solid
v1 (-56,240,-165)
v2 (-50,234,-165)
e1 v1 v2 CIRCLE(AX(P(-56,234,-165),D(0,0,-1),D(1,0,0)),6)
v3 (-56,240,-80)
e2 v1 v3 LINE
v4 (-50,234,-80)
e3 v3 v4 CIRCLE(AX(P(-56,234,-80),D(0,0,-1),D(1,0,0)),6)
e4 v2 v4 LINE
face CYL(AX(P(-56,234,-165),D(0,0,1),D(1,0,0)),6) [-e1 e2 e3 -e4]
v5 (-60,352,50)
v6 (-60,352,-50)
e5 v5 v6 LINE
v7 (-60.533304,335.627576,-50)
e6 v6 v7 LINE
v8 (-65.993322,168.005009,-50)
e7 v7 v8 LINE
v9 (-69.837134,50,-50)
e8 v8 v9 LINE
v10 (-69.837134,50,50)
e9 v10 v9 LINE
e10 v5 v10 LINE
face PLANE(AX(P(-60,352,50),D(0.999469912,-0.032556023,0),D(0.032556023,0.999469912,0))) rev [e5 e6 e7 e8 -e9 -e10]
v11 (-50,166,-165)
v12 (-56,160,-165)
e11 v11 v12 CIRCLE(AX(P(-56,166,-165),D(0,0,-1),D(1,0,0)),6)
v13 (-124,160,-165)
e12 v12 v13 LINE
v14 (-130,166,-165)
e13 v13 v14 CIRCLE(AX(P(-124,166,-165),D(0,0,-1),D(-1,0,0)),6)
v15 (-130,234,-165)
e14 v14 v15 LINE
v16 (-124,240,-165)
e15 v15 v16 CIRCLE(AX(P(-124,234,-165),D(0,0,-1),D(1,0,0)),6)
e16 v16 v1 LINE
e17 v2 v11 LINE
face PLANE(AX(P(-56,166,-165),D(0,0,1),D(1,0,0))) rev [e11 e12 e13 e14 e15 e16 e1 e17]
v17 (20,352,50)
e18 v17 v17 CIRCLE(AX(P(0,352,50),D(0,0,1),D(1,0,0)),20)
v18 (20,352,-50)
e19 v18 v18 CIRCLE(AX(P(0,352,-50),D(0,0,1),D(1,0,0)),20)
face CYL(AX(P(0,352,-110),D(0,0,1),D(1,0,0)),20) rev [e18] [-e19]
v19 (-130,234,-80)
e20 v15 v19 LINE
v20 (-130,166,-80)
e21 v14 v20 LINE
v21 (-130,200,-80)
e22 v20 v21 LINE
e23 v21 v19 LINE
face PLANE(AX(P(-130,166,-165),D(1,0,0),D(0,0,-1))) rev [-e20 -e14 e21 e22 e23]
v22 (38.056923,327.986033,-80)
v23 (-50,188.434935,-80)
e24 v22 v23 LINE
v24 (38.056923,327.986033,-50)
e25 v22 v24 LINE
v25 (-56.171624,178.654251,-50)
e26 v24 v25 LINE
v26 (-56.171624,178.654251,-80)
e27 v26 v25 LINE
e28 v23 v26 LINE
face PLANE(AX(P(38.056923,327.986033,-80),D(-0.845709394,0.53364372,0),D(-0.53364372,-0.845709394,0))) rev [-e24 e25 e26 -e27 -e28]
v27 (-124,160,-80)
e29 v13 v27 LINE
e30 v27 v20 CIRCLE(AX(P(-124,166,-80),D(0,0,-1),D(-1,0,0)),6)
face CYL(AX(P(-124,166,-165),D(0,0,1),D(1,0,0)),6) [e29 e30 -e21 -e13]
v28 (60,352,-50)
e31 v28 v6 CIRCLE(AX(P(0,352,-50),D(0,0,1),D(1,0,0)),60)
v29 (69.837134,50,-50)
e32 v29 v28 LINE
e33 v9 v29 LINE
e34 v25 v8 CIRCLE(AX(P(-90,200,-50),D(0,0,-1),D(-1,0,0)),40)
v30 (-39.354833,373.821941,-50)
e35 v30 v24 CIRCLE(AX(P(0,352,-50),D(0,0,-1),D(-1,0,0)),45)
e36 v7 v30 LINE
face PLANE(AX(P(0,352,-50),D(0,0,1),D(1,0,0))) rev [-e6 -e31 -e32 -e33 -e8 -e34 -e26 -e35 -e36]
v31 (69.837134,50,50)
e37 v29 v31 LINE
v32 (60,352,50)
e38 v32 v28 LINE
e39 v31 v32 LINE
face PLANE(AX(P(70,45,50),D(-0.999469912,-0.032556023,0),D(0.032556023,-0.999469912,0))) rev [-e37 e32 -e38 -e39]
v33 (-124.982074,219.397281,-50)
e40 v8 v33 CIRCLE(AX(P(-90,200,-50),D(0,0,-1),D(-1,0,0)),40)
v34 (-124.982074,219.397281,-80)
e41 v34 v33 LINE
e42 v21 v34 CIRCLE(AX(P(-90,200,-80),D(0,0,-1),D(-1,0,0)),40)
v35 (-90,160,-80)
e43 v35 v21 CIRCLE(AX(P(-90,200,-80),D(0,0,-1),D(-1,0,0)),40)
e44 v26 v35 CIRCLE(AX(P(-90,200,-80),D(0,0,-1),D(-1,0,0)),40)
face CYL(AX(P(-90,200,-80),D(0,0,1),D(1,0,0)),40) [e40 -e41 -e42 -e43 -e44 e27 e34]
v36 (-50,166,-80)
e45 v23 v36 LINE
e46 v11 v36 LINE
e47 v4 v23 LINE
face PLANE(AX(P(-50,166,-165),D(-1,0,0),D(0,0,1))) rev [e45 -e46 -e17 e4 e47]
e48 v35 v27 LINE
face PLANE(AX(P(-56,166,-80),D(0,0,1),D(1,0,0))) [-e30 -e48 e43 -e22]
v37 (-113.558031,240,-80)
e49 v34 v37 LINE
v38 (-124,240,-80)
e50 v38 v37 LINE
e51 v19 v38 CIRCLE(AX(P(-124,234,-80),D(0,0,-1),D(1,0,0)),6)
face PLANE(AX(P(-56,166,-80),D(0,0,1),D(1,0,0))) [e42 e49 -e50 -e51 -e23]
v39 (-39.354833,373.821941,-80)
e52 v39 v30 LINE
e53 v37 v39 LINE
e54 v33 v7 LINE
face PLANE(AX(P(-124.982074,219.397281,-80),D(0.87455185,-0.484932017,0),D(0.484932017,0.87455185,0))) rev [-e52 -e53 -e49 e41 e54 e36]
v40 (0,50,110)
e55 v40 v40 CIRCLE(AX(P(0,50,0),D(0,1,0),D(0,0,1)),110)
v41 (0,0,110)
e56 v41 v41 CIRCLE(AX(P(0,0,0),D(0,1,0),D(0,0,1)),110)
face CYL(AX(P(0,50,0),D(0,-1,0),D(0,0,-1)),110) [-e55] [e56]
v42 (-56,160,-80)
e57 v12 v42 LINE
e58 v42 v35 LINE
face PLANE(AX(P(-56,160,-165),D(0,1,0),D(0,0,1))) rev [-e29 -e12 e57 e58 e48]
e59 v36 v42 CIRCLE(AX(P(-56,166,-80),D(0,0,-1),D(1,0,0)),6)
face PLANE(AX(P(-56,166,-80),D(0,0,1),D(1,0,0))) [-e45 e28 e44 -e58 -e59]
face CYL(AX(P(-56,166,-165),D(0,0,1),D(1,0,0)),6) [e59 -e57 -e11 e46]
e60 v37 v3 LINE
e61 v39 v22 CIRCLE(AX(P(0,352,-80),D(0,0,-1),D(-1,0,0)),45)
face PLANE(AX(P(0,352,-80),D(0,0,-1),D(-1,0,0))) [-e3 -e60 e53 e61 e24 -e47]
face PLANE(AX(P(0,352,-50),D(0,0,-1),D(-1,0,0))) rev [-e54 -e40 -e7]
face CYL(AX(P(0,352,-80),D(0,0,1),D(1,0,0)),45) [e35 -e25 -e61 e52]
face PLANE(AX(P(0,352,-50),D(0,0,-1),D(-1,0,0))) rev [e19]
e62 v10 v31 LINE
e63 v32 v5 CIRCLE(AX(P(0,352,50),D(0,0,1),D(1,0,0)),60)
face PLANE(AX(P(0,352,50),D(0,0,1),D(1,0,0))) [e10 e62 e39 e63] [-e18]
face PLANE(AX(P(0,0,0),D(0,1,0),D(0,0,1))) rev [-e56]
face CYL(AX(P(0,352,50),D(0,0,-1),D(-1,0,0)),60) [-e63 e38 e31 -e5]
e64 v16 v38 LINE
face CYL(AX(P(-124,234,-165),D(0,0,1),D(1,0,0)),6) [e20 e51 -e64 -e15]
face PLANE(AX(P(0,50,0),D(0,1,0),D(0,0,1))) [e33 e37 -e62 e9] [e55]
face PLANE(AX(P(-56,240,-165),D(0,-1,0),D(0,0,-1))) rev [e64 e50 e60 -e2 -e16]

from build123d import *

# Parameters (mm, degrees)
ESQUISSE1_R             = 110
BOSS_EXTRU_1_DEPTH      = 50
BOSS_EXTRU_2_DEPTH      = 50
ESQUISSE3_R             = 20
ENL_V_MAT_EXTRU_1_DEPTH = 456.460206824
BOSS_EXTRU_3_DEPTH      = 30
BOSS_EXTRU_4_DEPTH      = 85


with BuildPart() as part:
    # Esquisse1 → Boss.-Extru.1 (new body)
    with BuildSketch(Plane(origin=(0, 0, 0), x_dir=(1, 0, 0), z_dir=(0, 1, 0))):
        Circle(ESQUISSE1_R)
    extrude(amount=BOSS_EXTRU_1_DEPTH)

    # Esquisse2 → Boss.-Extru.2 (add, symmetric)
    with BuildSketch(Plane.XY):
        with BuildLine():
            Line((-70, 45), (70, 45))
            Line((70, 45), (60, 352))
            ThreePointArc((60, 352), (0, 412), (-60, 352))
            Line((-60, 352), (-70, 45))
        make_face()
    extrude(amount=BOSS_EXTRU_2_DEPTH, both=True)

    # Esquisse3 → Enlèv. mat.-Extru.1 (cut, through all)
    with BuildSketch(Plane.XY.offset(50)):
        with Locations((0, 352)):
            Circle(ESQUISSE3_R)
    extrude(amount=-ENL_V_MAT_EXTRU_1_DEPTH, mode=Mode.SUBTRACT)

    # Esquisse4 → Boss.-Extru.3 (add)
    with BuildSketch(Plane(origin=(0, 0, -50), x_dir=(-1, 0, 0), z_dir=(0, 0, -1))):
        with BuildLine():
            Line((-38.056922747, 327.986032584), (56.171624225, 178.654251186))
            ThreePointArc((56.171624225, 178.654251186), (110.379680267, 165.580984438), (124.982074019, 219.397280669))
            Line((124.982074019, 219.397280669), (39.354833271, 373.821940753))
            ThreePointArc((39.354833271, 373.821940753), (-22.9271403, 390.721392507), (-38.056922747, 327.986032584))
        make_face()
    extrude(amount=BOSS_EXTRU_3_DEPTH)

    # Esquisse5 → Boss.-Extru.4 (add)
    with BuildSketch(Plane(origin=(0, 0, -80), x_dir=(-1, 0, 0), z_dir=(0, 0, -1))):
        with BuildLine():
            Line((56, 160), (124, 160))
            ThreePointArc((124, 160), (128.242640687, 161.757359313), (130, 166))
            Line((130, 166), (130, 234))
            ThreePointArc((130, 234), (128.242640687, 238.242640687), (124, 240))
            Line((124, 240), (56, 240))
            ThreePointArc((56, 240), (51.757359313, 238.242640687), (50, 234))
            Line((50, 234), (50, 166))
            ThreePointArc((50, 166), (51.757359313, 161.757359313), (56, 160))
        make_face()
    extrude(amount=BOSS_EXTRU_4_DEPTH)


solid = part.part
